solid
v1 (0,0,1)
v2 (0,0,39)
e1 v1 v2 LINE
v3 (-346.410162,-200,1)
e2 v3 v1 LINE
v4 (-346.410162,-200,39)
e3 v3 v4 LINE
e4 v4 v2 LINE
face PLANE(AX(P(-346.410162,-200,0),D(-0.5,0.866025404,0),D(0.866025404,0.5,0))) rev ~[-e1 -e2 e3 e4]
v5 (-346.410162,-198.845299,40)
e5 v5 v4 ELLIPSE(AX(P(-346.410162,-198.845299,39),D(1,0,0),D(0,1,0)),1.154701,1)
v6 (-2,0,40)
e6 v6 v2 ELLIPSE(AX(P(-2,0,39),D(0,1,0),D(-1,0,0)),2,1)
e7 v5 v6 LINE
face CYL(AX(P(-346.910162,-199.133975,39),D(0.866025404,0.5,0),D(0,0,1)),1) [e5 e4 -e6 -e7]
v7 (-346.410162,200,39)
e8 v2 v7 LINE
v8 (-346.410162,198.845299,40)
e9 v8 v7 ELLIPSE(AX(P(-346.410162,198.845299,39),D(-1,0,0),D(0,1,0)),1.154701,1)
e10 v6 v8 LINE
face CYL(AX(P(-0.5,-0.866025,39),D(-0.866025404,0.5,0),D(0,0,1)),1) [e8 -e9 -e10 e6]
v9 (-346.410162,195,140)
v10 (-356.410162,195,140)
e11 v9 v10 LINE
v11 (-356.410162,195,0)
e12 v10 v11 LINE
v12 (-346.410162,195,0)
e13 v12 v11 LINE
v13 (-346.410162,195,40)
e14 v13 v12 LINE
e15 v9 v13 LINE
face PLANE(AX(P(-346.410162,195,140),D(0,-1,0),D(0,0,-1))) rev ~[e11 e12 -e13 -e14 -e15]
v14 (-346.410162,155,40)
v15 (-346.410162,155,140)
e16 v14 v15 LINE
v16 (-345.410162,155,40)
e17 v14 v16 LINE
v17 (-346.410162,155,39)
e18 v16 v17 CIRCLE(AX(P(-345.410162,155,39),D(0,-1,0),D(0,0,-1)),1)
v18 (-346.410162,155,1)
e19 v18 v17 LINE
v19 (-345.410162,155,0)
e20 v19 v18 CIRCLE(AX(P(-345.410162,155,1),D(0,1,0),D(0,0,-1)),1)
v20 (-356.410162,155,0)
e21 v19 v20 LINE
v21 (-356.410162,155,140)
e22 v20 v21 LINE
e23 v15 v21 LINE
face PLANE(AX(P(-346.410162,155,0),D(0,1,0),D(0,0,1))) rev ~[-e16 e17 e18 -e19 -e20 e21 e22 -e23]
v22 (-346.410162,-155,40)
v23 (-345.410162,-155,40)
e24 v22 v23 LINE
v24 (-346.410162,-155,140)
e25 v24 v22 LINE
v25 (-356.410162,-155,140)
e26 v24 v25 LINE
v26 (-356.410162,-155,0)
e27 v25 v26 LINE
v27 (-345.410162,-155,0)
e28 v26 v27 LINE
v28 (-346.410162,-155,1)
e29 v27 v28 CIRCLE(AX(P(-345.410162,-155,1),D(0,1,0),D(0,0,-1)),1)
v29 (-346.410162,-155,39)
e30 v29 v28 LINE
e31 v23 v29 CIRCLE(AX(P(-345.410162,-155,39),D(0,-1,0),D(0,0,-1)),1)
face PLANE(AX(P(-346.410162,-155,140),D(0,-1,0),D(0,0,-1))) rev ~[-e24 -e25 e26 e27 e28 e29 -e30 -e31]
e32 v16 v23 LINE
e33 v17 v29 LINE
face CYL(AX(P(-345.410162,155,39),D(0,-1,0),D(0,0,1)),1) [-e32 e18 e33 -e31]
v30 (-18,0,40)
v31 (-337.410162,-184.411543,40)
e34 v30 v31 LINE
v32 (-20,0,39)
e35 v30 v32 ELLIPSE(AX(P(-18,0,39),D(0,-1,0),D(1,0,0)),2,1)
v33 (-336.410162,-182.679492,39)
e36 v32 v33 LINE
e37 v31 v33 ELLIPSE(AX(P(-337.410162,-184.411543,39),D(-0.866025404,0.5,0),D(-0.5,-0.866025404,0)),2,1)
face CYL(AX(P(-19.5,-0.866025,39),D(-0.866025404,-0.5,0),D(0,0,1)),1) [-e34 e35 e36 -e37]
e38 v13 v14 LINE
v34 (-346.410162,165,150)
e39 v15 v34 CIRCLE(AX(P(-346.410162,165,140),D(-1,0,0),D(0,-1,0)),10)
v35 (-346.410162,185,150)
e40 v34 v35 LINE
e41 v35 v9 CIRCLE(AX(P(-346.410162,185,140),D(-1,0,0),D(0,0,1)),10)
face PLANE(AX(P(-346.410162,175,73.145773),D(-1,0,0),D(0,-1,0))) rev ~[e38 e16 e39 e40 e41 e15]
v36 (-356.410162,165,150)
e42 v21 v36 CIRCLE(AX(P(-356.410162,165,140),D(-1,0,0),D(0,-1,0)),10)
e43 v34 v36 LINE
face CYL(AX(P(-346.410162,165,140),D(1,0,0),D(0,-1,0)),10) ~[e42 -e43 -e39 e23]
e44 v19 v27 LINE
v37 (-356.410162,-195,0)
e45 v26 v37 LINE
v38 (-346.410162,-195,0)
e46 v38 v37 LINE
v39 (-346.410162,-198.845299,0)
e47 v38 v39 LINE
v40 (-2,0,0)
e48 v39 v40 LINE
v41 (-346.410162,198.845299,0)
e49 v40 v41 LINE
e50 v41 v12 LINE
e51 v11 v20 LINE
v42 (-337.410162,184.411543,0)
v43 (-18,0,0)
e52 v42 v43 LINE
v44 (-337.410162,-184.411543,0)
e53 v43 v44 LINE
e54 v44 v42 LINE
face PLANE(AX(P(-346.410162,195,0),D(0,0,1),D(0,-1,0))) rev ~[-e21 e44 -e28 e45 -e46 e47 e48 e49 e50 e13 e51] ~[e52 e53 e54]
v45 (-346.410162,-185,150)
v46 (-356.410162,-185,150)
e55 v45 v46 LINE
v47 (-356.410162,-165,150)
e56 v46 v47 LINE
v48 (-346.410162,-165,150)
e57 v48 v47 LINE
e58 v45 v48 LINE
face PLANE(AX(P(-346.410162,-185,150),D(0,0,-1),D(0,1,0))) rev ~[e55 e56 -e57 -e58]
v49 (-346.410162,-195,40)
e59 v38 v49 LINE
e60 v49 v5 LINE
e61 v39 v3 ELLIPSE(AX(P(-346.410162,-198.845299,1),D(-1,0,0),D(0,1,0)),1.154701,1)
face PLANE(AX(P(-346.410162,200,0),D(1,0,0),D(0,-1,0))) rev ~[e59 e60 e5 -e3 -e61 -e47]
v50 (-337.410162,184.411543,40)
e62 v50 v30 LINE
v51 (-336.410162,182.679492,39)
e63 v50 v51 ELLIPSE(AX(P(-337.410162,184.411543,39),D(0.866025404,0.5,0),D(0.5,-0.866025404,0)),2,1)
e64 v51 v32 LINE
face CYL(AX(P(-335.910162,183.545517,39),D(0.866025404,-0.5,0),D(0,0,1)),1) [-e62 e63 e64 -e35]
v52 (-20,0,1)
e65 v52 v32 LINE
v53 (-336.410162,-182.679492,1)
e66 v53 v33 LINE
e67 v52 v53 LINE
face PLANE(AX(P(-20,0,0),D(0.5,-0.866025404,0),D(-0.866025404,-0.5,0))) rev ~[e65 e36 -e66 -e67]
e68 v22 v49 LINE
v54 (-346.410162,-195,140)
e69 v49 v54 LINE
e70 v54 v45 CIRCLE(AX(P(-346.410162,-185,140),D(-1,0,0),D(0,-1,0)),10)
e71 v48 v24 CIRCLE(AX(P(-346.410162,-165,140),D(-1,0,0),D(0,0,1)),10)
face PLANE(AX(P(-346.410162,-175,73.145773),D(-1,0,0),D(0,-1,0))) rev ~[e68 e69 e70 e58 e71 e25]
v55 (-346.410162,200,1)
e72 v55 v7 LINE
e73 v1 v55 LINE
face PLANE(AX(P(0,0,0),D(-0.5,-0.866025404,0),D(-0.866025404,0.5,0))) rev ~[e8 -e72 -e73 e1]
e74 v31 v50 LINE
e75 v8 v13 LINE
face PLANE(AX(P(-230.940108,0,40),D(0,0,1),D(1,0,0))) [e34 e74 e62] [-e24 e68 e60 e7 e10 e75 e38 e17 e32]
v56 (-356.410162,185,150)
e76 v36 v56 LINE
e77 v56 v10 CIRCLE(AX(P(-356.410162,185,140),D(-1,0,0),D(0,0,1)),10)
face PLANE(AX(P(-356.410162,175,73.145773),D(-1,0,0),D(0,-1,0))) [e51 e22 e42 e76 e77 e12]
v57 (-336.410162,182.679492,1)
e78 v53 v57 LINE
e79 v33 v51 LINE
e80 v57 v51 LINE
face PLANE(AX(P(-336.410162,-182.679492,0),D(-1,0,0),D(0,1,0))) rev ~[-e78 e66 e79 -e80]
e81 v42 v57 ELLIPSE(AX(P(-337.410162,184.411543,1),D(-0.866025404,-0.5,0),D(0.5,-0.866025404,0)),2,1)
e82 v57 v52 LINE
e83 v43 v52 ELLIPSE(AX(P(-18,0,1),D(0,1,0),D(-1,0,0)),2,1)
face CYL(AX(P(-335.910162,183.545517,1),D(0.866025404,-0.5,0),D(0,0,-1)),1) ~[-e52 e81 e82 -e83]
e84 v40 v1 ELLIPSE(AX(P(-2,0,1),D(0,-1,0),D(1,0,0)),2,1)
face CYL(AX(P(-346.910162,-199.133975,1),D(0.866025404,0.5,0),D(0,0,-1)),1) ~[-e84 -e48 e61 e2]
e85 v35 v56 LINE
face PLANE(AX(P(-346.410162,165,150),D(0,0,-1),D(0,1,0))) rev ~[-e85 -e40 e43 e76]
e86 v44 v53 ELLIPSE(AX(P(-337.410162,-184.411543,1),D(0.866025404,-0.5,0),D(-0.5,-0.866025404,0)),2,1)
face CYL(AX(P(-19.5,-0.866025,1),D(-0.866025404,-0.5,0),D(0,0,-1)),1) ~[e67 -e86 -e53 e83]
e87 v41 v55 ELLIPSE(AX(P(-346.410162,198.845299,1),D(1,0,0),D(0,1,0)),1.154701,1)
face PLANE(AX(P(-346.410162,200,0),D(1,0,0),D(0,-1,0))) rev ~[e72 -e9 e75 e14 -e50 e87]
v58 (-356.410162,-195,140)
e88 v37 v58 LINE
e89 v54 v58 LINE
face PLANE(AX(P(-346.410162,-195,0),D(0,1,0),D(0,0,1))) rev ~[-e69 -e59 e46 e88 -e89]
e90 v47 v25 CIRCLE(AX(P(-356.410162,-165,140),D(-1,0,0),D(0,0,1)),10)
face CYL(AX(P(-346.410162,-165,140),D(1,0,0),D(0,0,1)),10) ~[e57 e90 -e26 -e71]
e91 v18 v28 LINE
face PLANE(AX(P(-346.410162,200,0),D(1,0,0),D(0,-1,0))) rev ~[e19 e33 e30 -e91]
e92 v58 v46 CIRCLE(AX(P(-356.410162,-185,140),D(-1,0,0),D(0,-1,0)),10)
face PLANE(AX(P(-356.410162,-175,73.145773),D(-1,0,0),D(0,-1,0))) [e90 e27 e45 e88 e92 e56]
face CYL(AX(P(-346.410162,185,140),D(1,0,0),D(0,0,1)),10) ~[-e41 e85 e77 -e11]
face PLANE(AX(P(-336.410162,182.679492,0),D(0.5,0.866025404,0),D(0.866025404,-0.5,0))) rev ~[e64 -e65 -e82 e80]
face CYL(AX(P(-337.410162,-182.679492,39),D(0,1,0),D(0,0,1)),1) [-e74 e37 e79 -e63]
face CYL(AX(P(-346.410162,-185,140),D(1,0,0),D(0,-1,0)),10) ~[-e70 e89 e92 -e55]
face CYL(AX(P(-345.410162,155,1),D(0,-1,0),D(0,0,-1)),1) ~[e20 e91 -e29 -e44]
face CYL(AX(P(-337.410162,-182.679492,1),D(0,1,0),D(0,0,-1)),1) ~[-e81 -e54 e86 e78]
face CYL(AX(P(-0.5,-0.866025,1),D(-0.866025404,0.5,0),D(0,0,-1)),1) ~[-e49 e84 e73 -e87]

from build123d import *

# Parameters (mm, degrees)
F1_DEPTH = 40
F3_DEPTH = 10
F4_R     = 1


with BuildPart() as f1:
    # F0 (on Top) → F1 (new body)
    with BuildSketch(Plane.XY):
        Polygon((-346.4101615138, -200), (0, 0), (-346.4101615138, 200), align=None)
        Polygon((-336.4101615138, 182.6794919243), (-20, 0), (-336.4101615138, -182.6794919243), align=None, mode=Mode.SUBTRACT)
    extrude(amount=F1_DEPTH)

    # F2 (on face) → F3 (join)
    with BuildSketch(Plane(origin=(-346.4101615138, 0, 0), x_dir=(0, -1, 0), z_dir=(-1, 0, 0))):
        with BuildLine():
            Line((-195, 140), (-195, 0))
            Line((-195, 0), (-155, 0))
            Line((-155, 0), (-155, 140))
            ThreePointArc((-155, 140), (-157.9289321881, 147.0710678119), (-165, 150))
            Line((-165, 150), (-185, 150))
            ThreePointArc((-185, 150), (-192.0710678119, 147.0710678119), (-195, 140))
        make_face()
        with BuildLine():
            Line((155, 0), (195, 0))
            Line((195, 0), (195, 140))
            ThreePointArc((195, 140), (192.0710678119, 147.0710678119), (185, 150))
            Line((185, 150), (165, 150))
            ThreePointArc((165, 150), (157.9289321881, 147.0710678119), (155, 140))
            Line((155, 140), (155, 0))
        make_face()
    extrude(amount=F3_DEPTH)

    # F4
    f4_edges = [f1.edges().sort_by_distance(p)[0] for p in [
        (-346.410162, 0, 40),
        (-178.205081, 91.339746, 40),
        (-173.205081, 100, 40),
        (-173.205081, -100, 40),
        (-178.205081, -91.339746, 40),
        (-336.410162, 0, 40),
        (-173.205081, -100, 0),
        (-173.205081, 100, 0),
        (-346.410162, 0, 0),
        (-178.205081, -91.339746, 0),
        (-178.205081, 91.339746, 0),
        (-336.410162, 0, 0),
    ]]
    fillet(f4_edges, radius=F4_R)


solid = f1.part
